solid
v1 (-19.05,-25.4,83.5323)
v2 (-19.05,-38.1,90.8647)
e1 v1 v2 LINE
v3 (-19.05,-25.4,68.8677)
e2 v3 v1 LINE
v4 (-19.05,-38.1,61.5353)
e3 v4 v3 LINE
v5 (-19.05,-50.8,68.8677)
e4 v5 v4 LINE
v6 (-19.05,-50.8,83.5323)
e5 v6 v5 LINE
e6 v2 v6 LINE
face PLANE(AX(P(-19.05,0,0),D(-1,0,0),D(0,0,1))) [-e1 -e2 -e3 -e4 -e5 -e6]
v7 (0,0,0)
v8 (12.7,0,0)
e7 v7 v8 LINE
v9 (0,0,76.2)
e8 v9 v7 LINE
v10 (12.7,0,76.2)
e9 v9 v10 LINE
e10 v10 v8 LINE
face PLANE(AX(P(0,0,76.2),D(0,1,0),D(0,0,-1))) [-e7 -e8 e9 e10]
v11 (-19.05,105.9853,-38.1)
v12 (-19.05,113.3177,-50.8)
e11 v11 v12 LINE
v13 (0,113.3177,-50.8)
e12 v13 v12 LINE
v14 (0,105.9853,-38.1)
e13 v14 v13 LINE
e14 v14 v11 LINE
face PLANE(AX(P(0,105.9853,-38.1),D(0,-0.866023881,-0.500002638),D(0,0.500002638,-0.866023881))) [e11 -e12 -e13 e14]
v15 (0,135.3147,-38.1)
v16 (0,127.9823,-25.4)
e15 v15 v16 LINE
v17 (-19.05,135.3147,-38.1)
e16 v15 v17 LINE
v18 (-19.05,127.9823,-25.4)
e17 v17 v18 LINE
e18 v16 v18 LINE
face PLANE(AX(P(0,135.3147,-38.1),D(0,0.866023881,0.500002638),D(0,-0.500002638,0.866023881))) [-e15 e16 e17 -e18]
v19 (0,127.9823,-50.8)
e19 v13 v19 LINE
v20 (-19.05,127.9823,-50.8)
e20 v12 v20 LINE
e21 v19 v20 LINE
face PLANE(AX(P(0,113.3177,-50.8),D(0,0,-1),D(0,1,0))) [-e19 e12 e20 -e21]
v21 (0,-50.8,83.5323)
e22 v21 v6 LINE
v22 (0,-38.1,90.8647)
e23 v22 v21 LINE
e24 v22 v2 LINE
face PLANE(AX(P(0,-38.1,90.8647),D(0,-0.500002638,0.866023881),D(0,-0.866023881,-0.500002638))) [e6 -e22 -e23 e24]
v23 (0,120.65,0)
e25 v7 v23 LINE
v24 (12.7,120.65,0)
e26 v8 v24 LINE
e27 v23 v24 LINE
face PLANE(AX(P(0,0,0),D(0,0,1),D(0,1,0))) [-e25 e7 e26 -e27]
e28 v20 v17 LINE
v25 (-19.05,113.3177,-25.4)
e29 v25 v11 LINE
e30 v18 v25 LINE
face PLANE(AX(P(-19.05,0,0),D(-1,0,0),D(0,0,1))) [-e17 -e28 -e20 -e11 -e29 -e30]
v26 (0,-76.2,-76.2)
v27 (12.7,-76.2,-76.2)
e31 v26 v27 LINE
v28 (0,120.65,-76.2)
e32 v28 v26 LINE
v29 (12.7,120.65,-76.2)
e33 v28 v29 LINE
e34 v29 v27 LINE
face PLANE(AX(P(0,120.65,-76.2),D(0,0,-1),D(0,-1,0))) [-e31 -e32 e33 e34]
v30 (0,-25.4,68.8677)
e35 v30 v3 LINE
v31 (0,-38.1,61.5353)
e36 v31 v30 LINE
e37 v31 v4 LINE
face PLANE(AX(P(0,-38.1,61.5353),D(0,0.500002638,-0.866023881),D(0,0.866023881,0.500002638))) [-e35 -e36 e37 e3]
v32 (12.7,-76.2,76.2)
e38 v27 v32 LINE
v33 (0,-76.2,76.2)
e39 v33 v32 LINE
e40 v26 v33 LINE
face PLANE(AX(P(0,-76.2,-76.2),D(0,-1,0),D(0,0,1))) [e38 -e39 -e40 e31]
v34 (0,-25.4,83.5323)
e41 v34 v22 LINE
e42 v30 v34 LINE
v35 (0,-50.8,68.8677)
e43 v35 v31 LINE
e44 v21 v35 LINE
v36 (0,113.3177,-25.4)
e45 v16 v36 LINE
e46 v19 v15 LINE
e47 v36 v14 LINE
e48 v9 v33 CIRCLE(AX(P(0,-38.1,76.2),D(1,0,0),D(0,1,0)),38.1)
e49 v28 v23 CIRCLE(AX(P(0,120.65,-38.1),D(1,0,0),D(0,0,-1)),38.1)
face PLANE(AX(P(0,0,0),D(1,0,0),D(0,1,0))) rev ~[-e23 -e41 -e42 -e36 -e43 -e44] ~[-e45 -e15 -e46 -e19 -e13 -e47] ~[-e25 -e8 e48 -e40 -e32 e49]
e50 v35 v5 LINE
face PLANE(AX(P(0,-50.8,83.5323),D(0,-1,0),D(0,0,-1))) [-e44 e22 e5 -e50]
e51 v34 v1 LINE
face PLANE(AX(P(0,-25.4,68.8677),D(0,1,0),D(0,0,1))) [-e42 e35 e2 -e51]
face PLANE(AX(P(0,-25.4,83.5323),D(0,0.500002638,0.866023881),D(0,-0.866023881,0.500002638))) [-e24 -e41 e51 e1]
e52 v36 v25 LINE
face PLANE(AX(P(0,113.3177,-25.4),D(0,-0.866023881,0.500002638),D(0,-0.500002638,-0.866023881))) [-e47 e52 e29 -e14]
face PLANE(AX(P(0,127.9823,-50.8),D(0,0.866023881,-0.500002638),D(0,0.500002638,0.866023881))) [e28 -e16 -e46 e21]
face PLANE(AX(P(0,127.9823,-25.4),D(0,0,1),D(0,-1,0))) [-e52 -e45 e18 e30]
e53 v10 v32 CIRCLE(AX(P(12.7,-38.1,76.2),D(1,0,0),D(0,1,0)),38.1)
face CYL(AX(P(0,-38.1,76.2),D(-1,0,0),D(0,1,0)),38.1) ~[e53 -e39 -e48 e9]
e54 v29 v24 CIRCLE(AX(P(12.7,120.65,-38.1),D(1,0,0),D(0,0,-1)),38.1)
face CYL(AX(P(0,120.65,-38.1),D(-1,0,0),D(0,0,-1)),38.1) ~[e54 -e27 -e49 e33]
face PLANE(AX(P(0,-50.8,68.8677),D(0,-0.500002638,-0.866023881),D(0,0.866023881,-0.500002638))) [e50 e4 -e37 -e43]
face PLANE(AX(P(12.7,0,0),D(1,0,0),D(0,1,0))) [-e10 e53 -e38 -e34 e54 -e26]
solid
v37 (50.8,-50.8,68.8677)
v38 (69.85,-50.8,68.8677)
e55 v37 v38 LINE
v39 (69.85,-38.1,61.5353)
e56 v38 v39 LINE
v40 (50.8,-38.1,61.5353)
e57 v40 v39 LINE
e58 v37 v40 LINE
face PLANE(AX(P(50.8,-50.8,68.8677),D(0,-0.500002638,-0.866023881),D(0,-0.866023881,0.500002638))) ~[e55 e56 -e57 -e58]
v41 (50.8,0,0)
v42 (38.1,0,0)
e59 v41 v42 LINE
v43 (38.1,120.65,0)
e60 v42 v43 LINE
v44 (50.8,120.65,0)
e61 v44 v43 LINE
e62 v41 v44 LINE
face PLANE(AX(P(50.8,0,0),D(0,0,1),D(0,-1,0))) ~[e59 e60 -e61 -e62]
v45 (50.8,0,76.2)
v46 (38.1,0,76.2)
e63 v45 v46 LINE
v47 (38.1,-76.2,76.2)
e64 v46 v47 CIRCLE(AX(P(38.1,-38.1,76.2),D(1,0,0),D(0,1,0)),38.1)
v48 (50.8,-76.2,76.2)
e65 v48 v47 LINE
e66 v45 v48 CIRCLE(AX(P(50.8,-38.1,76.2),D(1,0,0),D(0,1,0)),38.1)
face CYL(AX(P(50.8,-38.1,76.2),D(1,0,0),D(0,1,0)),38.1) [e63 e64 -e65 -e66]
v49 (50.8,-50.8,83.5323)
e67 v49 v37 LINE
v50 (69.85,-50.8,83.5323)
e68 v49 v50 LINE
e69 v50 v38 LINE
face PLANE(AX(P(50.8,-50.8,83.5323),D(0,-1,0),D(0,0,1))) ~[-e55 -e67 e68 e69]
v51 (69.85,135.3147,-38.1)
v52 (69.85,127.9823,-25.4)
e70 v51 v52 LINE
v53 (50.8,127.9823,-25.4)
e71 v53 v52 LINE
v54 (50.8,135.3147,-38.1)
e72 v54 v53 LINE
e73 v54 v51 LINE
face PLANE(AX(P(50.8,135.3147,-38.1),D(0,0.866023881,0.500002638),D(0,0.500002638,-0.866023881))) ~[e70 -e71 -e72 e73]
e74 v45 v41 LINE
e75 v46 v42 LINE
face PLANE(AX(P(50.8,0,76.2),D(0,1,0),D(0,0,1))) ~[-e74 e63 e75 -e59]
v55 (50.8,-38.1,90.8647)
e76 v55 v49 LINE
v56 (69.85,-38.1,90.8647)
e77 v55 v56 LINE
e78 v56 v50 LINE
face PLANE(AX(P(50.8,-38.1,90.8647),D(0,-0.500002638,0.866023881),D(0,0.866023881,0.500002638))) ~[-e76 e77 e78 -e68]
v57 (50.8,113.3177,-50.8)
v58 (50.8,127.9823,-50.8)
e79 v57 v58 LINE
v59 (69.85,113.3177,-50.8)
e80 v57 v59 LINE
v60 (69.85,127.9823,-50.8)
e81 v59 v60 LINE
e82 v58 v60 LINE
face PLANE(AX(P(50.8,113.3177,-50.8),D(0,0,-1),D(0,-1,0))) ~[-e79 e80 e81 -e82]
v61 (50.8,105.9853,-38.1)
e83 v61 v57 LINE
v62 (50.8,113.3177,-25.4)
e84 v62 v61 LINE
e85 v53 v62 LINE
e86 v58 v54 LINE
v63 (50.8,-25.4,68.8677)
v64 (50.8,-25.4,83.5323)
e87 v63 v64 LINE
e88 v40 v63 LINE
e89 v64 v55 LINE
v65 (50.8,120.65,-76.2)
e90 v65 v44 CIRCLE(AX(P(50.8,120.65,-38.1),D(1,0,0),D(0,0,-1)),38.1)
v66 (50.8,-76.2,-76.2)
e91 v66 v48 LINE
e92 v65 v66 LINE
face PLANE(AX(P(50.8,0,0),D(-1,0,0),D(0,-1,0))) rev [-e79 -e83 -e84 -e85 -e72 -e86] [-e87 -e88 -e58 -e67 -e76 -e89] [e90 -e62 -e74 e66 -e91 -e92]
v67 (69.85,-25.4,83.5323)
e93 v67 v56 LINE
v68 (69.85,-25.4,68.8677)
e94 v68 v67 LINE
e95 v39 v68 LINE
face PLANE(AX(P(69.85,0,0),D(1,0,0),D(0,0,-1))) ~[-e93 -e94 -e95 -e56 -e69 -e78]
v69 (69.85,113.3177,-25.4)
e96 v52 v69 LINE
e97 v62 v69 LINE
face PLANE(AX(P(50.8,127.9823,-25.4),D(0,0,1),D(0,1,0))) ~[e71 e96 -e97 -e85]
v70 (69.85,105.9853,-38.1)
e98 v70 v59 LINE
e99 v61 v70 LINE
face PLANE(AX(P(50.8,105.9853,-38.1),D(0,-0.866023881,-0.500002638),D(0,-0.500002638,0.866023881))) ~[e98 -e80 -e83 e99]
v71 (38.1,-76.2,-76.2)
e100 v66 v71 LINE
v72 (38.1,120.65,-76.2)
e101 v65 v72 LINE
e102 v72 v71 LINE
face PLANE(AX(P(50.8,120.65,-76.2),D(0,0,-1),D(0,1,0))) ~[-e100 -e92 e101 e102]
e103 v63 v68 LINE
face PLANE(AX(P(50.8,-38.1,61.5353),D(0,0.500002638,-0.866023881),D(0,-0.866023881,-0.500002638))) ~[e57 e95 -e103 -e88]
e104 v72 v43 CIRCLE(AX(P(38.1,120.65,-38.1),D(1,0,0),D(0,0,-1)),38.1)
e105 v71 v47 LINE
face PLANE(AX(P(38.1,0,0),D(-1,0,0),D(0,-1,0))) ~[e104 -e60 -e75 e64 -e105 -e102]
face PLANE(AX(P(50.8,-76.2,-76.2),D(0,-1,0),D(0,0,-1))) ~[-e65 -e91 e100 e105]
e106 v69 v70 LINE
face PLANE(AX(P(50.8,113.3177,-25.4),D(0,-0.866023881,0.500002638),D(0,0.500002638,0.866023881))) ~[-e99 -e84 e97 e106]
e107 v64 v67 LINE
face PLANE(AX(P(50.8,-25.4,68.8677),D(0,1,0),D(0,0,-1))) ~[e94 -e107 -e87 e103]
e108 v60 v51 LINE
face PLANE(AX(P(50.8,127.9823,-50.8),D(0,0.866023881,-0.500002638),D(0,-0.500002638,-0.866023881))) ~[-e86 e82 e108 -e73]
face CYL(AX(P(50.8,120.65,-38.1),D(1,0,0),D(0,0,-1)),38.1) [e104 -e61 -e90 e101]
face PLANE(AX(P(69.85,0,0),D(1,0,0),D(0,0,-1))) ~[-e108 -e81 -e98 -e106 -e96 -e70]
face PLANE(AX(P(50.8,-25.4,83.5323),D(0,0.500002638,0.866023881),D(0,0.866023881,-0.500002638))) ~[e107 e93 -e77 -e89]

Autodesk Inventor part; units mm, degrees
ref_plane "XZ Plane" through (0, 0, 0) normal (0, 1, 0) x (-1, 0, 0)
ref_plane "XY Plane" through (0, 0, 0) normal (0, 0, 1) x (1, 0, 0)
sketch "Sketch1" plane through (0, 0, 0) normal (1, 0, 0) x (0, 1, 0)
  arc A0 (120.65, -76.2) -> (120.65, 0) centre (120.65, -38.1) ccw
  arc A1 (0, 76.2) -> (-76.2, 76.2) centre (-38.1, 76.2) ccw
  line L0 (0, 76.2) -> (0, 0)
  line L1 (0, 0) -> (120.65, 0)
  line L2 (120.65, -76.2) -> (-76.2, -76.2)
  line L3 (-76.2, -76.2) -> (-76.2, 76.2)
  dimension "d1" = 76.2
  dimension "d2" = 76.2
  dimension "d7" = 0
  dimension "d8" = 120.65
  dimension "d9" = 0
  dimension "d10" = 76.2
extrude "Extrusion1" add sketch "Sketch1" along normal blind 12.7
ref_plane "Work Plane1" through (25.4, 0, 0) normal (1, 0, 0) x (0, 1, 0)
sketch "Sketch2" plane through (0, 0, 0) normal (-1, 0, 0) x (0, 0, 1)
  arc A0 (0, 120.65) -> (-76.2, 120.65) centre (-38.1, 120.65) ccw construction
  arc A1 (76.2, -76.2) -> (76.2, 0) centre (76.2, -38.1) ccw construction
  line L0 (-38.1, 105.9853) -> (-50.8, 113.3177)
  line L1 (-50.8, 113.3177) -> (-50.8, 127.9823)
  line L2 (-50.8, 127.9823) -> (-38.1, 135.3147)
  line L3 (-38.1, 135.3147) -> (-25.4, 127.9823)
  line L4 (-25.4, 127.9823) -> (-25.4, 113.3177)
  line L5 (-25.4, 113.3177) -> (-38.1, 105.9853)
  line L6 (61.5353, -38.1) -> (68.8677, -25.4)
  line L7 (68.8677, -25.4) -> (83.5323, -25.4)
  line L8 (83.5323, -25.4) -> (90.8647, -38.1)
  line L9 (90.8647, -38.1) -> (83.5323, -50.8)
  line L10 (83.5323, -50.8) -> (68.8677, -50.8)
  line L11 (68.8677, -50.8) -> (61.5353, -38.1)
  point P0 (0, 0)
  point P1 (76.2, -50.8)
  point P2 (76.2, -25.4)
  dimension "d12" = 25.4
  dimension "d13" = 25.4
extrude "Extrusion2" add sketch "Sketch2" along normal blind 19.05
mirror "Mirror2" about plane through (25.4, 0, 0) normal (1, 0, 0)
properties part number "mount_shaft_mount"
